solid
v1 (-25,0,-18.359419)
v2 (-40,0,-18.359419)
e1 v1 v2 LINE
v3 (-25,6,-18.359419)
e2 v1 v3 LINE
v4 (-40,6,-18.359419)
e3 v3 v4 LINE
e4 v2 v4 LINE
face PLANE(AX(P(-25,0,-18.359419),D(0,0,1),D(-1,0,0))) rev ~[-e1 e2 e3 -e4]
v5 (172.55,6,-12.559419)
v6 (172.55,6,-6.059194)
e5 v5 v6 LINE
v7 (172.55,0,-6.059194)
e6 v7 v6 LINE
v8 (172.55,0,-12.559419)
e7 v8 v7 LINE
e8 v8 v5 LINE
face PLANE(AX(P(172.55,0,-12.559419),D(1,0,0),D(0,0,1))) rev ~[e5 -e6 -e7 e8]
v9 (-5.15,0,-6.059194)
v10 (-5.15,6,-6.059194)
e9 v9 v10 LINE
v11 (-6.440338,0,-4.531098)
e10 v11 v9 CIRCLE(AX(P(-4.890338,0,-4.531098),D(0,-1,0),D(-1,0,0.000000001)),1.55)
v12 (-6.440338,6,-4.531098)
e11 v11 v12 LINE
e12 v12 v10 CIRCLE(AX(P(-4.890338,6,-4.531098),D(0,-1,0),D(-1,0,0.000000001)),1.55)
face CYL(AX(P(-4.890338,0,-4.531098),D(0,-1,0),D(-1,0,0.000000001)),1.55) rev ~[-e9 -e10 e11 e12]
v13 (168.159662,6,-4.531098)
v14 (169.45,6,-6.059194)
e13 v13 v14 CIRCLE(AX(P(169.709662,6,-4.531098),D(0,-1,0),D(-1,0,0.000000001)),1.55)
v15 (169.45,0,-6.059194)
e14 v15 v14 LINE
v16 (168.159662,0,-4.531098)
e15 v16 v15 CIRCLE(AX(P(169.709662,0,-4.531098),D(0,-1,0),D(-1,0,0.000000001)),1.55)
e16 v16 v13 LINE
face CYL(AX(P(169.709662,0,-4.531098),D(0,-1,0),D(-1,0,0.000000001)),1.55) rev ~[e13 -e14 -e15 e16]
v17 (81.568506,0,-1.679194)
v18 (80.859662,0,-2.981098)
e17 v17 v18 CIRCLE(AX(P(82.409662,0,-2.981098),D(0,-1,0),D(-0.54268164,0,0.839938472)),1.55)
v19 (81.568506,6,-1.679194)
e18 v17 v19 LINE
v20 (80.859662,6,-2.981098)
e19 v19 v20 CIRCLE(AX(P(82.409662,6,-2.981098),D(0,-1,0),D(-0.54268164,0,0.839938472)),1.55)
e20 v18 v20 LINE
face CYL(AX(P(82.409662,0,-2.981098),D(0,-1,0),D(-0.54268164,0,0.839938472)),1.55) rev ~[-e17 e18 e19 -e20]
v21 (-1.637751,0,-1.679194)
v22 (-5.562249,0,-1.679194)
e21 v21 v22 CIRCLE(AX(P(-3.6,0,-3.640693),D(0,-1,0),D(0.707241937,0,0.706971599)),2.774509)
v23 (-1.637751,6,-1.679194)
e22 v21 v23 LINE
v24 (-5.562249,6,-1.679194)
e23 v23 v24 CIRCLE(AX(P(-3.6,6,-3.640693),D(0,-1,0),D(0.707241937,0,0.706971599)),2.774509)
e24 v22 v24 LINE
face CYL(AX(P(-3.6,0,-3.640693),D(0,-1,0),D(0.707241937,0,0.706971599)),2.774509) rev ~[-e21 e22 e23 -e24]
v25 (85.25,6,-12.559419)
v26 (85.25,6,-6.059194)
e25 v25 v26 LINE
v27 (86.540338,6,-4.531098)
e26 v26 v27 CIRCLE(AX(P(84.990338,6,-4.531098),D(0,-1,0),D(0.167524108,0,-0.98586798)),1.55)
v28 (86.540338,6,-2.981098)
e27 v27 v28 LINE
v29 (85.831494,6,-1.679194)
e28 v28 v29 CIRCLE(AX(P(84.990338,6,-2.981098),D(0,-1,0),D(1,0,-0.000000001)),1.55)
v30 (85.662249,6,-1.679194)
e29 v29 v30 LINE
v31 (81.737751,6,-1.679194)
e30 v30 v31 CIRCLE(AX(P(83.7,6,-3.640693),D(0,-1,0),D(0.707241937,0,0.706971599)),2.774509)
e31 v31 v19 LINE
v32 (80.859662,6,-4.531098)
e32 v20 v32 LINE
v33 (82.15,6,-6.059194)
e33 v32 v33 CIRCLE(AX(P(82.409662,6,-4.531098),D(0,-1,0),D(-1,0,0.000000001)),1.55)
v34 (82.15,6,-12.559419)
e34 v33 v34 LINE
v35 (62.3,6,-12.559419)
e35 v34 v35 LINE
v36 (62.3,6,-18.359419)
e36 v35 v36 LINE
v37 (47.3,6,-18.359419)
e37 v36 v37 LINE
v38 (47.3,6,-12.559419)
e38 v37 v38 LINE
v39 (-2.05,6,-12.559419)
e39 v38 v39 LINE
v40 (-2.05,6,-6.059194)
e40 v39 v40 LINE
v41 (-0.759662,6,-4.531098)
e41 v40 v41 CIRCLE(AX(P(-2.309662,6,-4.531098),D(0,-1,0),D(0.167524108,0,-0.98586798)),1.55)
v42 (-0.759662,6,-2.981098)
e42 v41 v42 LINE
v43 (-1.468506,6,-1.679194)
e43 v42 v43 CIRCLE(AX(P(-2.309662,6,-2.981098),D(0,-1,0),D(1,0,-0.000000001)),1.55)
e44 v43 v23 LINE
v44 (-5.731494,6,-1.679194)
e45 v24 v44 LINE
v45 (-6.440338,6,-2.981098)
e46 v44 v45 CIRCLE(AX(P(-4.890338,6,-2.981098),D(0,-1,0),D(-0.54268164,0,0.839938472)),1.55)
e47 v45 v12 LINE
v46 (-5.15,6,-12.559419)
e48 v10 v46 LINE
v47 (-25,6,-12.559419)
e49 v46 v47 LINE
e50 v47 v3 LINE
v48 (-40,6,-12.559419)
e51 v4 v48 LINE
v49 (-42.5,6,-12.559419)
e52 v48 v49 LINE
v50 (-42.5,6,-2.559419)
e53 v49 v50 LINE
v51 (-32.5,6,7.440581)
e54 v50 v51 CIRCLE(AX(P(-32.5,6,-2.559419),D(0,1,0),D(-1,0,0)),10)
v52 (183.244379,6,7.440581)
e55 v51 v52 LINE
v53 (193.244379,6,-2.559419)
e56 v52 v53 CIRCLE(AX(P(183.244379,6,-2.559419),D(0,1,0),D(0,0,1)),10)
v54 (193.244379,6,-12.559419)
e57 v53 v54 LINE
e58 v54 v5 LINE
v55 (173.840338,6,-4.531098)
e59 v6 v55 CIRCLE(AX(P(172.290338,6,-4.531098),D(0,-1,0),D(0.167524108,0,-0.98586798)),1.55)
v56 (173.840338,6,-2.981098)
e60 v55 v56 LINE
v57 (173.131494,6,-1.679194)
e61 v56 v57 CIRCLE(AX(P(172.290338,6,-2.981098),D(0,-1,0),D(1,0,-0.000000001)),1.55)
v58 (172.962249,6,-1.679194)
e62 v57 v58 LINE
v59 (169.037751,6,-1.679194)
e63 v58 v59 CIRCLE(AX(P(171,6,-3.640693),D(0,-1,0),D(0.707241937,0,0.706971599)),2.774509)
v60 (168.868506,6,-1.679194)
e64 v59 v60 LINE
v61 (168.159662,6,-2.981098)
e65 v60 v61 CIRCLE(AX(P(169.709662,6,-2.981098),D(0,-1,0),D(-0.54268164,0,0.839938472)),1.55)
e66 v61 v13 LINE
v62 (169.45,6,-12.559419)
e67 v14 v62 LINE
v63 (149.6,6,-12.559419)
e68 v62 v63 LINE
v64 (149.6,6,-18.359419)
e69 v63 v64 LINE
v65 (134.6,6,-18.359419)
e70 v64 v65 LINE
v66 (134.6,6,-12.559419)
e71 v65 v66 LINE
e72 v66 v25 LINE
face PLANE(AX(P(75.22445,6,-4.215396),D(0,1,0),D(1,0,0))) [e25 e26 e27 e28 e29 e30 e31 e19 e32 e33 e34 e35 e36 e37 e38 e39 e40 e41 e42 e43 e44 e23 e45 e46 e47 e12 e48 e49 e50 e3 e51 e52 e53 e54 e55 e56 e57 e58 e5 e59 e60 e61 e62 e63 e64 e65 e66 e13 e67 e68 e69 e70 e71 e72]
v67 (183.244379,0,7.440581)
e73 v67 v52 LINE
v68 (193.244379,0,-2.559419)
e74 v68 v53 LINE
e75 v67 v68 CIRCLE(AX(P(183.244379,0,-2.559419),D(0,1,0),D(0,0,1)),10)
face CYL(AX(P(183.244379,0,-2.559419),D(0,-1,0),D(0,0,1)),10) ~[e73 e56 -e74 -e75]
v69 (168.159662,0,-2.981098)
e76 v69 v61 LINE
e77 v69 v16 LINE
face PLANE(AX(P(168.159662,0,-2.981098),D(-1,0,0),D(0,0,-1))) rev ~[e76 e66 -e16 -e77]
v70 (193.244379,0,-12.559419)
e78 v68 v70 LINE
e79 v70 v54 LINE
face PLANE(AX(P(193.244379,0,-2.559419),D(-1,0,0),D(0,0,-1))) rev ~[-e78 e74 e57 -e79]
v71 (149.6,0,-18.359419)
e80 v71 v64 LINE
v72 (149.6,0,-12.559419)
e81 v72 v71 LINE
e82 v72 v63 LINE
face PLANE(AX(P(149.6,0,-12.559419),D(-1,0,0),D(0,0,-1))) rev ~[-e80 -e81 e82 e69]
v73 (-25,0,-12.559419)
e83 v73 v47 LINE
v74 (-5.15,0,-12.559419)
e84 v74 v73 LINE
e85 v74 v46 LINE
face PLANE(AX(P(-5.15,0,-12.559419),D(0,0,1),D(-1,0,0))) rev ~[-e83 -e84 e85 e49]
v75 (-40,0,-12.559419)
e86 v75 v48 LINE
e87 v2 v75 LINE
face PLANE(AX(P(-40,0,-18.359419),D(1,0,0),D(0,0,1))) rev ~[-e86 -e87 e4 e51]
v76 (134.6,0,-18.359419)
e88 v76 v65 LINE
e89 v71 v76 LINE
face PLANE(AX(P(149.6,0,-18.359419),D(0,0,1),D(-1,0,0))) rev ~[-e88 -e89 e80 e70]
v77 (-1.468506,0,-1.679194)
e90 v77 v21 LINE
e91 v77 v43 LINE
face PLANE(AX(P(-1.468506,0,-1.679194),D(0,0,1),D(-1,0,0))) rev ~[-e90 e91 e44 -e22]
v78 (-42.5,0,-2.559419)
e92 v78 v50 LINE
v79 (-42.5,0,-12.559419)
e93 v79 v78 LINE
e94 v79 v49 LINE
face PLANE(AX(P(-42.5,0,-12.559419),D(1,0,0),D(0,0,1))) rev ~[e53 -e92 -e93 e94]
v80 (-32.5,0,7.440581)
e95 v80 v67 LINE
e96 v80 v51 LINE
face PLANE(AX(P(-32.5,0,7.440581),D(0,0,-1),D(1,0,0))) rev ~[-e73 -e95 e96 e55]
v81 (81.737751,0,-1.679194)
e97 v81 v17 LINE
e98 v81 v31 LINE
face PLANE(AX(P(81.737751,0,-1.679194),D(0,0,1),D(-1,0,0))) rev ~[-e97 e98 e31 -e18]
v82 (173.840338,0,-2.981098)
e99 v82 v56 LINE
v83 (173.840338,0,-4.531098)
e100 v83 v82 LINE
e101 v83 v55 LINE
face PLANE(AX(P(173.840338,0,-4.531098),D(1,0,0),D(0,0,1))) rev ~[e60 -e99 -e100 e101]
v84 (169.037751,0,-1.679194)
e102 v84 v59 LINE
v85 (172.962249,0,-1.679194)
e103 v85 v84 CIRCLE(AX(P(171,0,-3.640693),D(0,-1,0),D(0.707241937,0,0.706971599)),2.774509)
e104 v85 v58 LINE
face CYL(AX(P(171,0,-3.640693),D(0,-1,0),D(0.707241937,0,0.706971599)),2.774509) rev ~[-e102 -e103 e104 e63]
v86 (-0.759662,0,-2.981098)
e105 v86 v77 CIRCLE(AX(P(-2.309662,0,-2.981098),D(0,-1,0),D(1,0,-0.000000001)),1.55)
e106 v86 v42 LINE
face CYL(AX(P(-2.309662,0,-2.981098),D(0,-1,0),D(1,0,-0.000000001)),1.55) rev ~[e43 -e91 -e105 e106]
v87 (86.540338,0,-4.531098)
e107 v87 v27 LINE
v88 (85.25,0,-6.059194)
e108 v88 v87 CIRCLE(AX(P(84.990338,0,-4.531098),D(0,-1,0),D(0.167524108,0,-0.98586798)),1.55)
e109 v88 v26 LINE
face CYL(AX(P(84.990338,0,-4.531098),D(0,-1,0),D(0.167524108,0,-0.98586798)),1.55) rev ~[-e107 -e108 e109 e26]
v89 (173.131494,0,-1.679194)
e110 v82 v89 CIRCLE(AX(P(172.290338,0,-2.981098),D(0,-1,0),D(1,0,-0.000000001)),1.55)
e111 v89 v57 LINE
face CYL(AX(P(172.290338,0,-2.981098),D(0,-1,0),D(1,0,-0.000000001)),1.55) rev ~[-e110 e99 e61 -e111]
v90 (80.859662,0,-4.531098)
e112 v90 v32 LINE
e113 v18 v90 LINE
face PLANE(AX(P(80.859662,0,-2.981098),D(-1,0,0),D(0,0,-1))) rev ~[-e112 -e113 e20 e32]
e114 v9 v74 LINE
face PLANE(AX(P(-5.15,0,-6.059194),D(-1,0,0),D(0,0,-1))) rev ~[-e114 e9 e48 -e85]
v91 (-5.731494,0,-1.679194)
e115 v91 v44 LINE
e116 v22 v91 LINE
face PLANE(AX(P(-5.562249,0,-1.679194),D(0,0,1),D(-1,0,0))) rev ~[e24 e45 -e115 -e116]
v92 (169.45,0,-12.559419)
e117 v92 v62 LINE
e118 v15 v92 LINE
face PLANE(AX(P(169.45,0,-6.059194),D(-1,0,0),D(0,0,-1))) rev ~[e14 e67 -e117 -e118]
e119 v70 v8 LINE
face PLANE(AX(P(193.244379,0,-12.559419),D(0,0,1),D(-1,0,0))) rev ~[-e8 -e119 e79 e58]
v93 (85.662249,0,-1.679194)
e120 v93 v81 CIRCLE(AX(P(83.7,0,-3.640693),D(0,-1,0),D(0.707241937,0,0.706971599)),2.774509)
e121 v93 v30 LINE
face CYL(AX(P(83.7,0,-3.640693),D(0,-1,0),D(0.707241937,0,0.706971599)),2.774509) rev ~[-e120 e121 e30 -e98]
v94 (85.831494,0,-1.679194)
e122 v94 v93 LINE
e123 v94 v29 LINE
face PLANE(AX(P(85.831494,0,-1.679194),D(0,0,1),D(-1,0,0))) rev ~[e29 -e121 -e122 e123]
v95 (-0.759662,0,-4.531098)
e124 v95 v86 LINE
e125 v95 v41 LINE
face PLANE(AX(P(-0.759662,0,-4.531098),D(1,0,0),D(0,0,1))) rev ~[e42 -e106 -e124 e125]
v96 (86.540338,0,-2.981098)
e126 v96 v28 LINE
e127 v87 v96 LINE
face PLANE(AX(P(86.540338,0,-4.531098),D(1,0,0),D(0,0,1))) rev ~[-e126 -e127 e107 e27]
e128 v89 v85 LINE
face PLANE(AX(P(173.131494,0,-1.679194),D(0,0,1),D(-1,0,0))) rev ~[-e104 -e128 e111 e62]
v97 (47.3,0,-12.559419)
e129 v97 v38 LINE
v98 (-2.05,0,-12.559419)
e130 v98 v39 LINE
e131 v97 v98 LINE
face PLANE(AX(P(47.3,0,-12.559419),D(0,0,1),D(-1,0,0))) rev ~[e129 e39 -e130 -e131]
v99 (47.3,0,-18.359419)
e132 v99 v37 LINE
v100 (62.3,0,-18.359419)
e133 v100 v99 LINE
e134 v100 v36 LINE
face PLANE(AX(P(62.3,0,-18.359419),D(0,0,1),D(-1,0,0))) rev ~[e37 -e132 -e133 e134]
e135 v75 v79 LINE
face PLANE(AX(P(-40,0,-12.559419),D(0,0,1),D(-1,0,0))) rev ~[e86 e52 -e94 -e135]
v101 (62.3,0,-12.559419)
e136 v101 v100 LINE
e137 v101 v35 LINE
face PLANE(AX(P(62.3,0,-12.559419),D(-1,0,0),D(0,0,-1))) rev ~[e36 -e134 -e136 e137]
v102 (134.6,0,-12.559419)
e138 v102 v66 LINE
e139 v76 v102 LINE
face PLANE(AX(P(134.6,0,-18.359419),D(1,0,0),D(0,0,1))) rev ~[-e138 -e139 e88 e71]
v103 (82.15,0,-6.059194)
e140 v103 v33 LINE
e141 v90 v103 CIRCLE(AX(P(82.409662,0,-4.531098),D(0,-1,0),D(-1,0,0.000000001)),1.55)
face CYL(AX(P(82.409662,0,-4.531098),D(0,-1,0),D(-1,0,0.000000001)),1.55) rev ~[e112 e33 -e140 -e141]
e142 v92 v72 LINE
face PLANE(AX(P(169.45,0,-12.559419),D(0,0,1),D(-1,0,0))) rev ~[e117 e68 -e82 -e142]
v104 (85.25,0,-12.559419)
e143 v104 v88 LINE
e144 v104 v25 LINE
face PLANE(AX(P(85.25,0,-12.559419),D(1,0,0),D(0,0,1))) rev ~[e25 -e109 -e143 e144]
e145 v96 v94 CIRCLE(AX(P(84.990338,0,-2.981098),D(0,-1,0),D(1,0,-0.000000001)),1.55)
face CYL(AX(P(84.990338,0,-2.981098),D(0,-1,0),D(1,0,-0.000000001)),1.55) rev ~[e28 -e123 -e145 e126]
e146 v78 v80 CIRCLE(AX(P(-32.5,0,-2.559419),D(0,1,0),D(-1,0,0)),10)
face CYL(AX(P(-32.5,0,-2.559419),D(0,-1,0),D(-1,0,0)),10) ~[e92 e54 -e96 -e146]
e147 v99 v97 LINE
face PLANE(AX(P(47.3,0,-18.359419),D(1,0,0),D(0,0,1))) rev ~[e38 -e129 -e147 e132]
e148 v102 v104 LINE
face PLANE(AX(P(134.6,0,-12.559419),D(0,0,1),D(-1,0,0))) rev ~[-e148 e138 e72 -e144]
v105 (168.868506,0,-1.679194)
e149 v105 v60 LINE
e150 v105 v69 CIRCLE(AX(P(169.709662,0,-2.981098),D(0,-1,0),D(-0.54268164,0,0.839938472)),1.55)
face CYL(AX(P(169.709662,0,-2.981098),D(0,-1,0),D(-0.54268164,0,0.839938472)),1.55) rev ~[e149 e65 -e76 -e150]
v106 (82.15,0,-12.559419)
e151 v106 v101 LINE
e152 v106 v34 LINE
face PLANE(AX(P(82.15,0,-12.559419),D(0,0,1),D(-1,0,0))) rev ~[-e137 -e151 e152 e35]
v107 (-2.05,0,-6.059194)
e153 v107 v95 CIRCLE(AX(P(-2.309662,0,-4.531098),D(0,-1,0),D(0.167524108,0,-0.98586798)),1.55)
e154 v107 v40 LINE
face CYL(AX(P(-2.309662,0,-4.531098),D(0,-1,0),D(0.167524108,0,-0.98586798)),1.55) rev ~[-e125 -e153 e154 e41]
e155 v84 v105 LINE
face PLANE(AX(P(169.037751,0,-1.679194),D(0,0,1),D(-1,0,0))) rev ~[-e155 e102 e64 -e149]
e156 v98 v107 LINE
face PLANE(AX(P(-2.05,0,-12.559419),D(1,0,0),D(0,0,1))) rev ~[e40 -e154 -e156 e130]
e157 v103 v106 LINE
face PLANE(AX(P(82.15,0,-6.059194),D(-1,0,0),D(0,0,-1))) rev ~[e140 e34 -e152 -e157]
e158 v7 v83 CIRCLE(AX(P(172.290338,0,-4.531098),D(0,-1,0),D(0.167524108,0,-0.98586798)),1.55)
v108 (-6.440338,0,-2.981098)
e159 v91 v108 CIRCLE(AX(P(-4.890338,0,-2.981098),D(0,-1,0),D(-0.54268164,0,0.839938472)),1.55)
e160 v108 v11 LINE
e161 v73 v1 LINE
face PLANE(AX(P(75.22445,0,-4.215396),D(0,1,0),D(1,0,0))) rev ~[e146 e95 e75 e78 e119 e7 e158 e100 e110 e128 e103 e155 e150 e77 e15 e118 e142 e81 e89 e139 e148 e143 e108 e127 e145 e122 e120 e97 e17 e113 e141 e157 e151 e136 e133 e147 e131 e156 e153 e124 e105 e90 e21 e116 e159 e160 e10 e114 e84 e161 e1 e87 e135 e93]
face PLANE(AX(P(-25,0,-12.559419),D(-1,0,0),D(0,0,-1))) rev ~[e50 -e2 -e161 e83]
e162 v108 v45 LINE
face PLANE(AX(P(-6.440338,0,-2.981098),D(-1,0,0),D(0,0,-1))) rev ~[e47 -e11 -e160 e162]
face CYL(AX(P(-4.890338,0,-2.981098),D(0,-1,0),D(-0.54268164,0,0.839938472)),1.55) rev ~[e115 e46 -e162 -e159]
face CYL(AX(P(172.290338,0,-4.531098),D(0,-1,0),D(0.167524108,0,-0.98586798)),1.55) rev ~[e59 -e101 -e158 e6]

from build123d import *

# Parameters (mm, degrees)
SALIENTE_EXTRUIR1_DEPTH = 6


with BuildPart() as part:
    # Croquis1 → Saliente-Extruir1 (new body)
    with BuildSketch(Plane(origin=(0, 0, 0), x_dir=(1, 0, 0), z_dir=(0, 1, 0))):
        with BuildLine():
            Line((193.24437935, 2.559419019), (193.24437935, 12.559419019))
            Line((193.24437935, 12.559419019), (172.55, 12.559419019))
            Line((172.55, 12.559419019), (172.55, 6.059193777))
            ThreePointArc((172.55, 6.059193777), (173.474604635, 5.531104241), (173.840337631, 4.531098409))
            Line((173.840337631, 4.531098409), (173.840337631, 2.981098409))
            ThreePointArc((173.840337631, 2.981098409), (173.651640801, 2.239914437), (173.131494174, 1.679193777))
            Line((173.131494174, 1.679193777), (172.962249241, 1.679193777))
            ThreePointArc((172.962249241, 1.679193777), (171, 0.866183792), (169.037750759, 1.679193777))
            Line((169.037750759, 1.679193777), (168.868505826, 1.679193777))
            ThreePointArc((168.868505826, 1.679193777), (168.348359199, 2.239914437), (168.159662369, 2.981098409))
            Line((168.159662369, 2.981098409), (168.159662369, 4.531098409))
            ThreePointArc((168.159662369, 4.531098409), (168.525395365, 5.531104241), (169.45, 6.059193777))
            Line((169.45, 6.059193777), (169.45, 12.559419019))
            Line((169.45, 12.559419019), (152.1, 12.559419019))
            Line((152.1, 12.559419019), (149.6, 12.559419019))
            Line((149.6, 12.559419019), (149.6, 18.359419019))
            Line((149.6, 18.359419019), (134.6, 18.359419019))
            Line((134.6, 18.359419019), (134.6, 12.559419019))
            Line((134.6, 12.559419019), (132.1, 12.559419019))
            Line((132.1, 12.559419019), (85.25, 12.559419019))
            Line((85.25, 12.559419019), (85.25, 6.059193777))
            ThreePointArc((85.25, 6.059193777), (86.174604635, 5.531104241), (86.540337631, 4.531098409))
            Line((86.540337631, 4.531098409), (86.540337631, 2.981098409))
            ThreePointArc((86.540337631, 2.981098409), (86.351640801, 2.239914437), (85.831494174, 1.679193777))
            Line((85.831494174, 1.679193777), (85.662249241, 1.679193777))
            ThreePointArc((85.662249241, 1.679193777), (83.7, 0.866183792), (81.737750759, 1.679193777))
            Line((81.737750759, 1.679193777), (81.568505826, 1.679193777))
            ThreePointArc((81.568505826, 1.679193777), (81.048359199, 2.239914437), (80.859662369, 2.981098409))
            Line((80.859662369, 2.981098409), (80.859662369, 4.531098409))
            ThreePointArc((80.859662369, 4.531098409), (81.225395365, 5.531104241), (82.15, 6.059193777))
            Line((82.15, 6.059193777), (82.15, 12.559419019))
            Line((82.15, 12.559419019), (64.8, 12.559419019))
            Line((64.8, 12.559419019), (62.3, 12.559419019))
            Line((62.3, 12.559419019), (62.3, 18.359419019))
            Line((62.3, 18.359419019), (47.3, 18.359419019))
            Line((47.3, 18.359419019), (47.3, 12.559419019))
            Line((47.3, 12.559419019), (44.8, 12.559419019))
            Line((44.8, 12.559419019), (-2.05, 12.559419019))
            Line((-2.05, 12.559419019), (-2.05, 6.059193777))
            ThreePointArc((-2.05, 6.059193777), (-1.125395365, 5.531104241), (-0.759662369, 4.531098409))
            Line((-0.759662369, 4.531098409), (-0.759662369, 2.981098409))
            ThreePointArc((-0.759662369, 2.981098409), (-0.948359199, 2.239914437), (-1.468505826, 1.679193777))
            Line((-1.468505826, 1.679193777), (-1.637750759, 1.679193777))
            ThreePointArc((-1.637750759, 1.679193777), (-3.6, 0.866183792), (-5.562249241, 1.679193777))
            Line((-5.562249241, 1.679193777), (-5.731494174, 1.679193777))
            ThreePointArc((-5.731494174, 1.679193777), (-6.251640801, 2.239914437), (-6.440337631, 2.981098409))
            Line((-6.440337631, 2.981098409), (-6.440337631, 4.531098409))
            ThreePointArc((-6.440337631, 4.531098409), (-6.074604635, 5.531104241), (-5.15, 6.059193777))
            Line((-5.15, 6.059193777), (-5.15, 12.559419019))
            Line((-5.15, 12.559419019), (-22.5, 12.559419019))
            Line((-22.5, 12.559419019), (-25, 12.559419019))
            Line((-25, 12.559419019), (-25, 18.359419019))
            Line((-25, 18.359419019), (-40, 18.359419019))
            Line((-40, 18.359419019), (-40, 12.559419019))
            Line((-40, 12.559419019), (-42.5, 12.559419019))
            Line((-42.5, 12.559419019), (-42.5, 2.559419019))
            ThreePointArc((-42.5, 2.559419019), (-39.571067812, -4.511648793), (-32.5, -7.440580981))
            Line((-32.5, -7.440580981), (183.24437935, -7.440580981))
            ThreePointArc((183.24437935, -7.440580981), (190.315447162, -4.511648793), (193.24437935, 2.559419019))
        make_face()
    extrude(amount=SALIENTE_EXTRUIR1_DEPTH)


solid = part.part
